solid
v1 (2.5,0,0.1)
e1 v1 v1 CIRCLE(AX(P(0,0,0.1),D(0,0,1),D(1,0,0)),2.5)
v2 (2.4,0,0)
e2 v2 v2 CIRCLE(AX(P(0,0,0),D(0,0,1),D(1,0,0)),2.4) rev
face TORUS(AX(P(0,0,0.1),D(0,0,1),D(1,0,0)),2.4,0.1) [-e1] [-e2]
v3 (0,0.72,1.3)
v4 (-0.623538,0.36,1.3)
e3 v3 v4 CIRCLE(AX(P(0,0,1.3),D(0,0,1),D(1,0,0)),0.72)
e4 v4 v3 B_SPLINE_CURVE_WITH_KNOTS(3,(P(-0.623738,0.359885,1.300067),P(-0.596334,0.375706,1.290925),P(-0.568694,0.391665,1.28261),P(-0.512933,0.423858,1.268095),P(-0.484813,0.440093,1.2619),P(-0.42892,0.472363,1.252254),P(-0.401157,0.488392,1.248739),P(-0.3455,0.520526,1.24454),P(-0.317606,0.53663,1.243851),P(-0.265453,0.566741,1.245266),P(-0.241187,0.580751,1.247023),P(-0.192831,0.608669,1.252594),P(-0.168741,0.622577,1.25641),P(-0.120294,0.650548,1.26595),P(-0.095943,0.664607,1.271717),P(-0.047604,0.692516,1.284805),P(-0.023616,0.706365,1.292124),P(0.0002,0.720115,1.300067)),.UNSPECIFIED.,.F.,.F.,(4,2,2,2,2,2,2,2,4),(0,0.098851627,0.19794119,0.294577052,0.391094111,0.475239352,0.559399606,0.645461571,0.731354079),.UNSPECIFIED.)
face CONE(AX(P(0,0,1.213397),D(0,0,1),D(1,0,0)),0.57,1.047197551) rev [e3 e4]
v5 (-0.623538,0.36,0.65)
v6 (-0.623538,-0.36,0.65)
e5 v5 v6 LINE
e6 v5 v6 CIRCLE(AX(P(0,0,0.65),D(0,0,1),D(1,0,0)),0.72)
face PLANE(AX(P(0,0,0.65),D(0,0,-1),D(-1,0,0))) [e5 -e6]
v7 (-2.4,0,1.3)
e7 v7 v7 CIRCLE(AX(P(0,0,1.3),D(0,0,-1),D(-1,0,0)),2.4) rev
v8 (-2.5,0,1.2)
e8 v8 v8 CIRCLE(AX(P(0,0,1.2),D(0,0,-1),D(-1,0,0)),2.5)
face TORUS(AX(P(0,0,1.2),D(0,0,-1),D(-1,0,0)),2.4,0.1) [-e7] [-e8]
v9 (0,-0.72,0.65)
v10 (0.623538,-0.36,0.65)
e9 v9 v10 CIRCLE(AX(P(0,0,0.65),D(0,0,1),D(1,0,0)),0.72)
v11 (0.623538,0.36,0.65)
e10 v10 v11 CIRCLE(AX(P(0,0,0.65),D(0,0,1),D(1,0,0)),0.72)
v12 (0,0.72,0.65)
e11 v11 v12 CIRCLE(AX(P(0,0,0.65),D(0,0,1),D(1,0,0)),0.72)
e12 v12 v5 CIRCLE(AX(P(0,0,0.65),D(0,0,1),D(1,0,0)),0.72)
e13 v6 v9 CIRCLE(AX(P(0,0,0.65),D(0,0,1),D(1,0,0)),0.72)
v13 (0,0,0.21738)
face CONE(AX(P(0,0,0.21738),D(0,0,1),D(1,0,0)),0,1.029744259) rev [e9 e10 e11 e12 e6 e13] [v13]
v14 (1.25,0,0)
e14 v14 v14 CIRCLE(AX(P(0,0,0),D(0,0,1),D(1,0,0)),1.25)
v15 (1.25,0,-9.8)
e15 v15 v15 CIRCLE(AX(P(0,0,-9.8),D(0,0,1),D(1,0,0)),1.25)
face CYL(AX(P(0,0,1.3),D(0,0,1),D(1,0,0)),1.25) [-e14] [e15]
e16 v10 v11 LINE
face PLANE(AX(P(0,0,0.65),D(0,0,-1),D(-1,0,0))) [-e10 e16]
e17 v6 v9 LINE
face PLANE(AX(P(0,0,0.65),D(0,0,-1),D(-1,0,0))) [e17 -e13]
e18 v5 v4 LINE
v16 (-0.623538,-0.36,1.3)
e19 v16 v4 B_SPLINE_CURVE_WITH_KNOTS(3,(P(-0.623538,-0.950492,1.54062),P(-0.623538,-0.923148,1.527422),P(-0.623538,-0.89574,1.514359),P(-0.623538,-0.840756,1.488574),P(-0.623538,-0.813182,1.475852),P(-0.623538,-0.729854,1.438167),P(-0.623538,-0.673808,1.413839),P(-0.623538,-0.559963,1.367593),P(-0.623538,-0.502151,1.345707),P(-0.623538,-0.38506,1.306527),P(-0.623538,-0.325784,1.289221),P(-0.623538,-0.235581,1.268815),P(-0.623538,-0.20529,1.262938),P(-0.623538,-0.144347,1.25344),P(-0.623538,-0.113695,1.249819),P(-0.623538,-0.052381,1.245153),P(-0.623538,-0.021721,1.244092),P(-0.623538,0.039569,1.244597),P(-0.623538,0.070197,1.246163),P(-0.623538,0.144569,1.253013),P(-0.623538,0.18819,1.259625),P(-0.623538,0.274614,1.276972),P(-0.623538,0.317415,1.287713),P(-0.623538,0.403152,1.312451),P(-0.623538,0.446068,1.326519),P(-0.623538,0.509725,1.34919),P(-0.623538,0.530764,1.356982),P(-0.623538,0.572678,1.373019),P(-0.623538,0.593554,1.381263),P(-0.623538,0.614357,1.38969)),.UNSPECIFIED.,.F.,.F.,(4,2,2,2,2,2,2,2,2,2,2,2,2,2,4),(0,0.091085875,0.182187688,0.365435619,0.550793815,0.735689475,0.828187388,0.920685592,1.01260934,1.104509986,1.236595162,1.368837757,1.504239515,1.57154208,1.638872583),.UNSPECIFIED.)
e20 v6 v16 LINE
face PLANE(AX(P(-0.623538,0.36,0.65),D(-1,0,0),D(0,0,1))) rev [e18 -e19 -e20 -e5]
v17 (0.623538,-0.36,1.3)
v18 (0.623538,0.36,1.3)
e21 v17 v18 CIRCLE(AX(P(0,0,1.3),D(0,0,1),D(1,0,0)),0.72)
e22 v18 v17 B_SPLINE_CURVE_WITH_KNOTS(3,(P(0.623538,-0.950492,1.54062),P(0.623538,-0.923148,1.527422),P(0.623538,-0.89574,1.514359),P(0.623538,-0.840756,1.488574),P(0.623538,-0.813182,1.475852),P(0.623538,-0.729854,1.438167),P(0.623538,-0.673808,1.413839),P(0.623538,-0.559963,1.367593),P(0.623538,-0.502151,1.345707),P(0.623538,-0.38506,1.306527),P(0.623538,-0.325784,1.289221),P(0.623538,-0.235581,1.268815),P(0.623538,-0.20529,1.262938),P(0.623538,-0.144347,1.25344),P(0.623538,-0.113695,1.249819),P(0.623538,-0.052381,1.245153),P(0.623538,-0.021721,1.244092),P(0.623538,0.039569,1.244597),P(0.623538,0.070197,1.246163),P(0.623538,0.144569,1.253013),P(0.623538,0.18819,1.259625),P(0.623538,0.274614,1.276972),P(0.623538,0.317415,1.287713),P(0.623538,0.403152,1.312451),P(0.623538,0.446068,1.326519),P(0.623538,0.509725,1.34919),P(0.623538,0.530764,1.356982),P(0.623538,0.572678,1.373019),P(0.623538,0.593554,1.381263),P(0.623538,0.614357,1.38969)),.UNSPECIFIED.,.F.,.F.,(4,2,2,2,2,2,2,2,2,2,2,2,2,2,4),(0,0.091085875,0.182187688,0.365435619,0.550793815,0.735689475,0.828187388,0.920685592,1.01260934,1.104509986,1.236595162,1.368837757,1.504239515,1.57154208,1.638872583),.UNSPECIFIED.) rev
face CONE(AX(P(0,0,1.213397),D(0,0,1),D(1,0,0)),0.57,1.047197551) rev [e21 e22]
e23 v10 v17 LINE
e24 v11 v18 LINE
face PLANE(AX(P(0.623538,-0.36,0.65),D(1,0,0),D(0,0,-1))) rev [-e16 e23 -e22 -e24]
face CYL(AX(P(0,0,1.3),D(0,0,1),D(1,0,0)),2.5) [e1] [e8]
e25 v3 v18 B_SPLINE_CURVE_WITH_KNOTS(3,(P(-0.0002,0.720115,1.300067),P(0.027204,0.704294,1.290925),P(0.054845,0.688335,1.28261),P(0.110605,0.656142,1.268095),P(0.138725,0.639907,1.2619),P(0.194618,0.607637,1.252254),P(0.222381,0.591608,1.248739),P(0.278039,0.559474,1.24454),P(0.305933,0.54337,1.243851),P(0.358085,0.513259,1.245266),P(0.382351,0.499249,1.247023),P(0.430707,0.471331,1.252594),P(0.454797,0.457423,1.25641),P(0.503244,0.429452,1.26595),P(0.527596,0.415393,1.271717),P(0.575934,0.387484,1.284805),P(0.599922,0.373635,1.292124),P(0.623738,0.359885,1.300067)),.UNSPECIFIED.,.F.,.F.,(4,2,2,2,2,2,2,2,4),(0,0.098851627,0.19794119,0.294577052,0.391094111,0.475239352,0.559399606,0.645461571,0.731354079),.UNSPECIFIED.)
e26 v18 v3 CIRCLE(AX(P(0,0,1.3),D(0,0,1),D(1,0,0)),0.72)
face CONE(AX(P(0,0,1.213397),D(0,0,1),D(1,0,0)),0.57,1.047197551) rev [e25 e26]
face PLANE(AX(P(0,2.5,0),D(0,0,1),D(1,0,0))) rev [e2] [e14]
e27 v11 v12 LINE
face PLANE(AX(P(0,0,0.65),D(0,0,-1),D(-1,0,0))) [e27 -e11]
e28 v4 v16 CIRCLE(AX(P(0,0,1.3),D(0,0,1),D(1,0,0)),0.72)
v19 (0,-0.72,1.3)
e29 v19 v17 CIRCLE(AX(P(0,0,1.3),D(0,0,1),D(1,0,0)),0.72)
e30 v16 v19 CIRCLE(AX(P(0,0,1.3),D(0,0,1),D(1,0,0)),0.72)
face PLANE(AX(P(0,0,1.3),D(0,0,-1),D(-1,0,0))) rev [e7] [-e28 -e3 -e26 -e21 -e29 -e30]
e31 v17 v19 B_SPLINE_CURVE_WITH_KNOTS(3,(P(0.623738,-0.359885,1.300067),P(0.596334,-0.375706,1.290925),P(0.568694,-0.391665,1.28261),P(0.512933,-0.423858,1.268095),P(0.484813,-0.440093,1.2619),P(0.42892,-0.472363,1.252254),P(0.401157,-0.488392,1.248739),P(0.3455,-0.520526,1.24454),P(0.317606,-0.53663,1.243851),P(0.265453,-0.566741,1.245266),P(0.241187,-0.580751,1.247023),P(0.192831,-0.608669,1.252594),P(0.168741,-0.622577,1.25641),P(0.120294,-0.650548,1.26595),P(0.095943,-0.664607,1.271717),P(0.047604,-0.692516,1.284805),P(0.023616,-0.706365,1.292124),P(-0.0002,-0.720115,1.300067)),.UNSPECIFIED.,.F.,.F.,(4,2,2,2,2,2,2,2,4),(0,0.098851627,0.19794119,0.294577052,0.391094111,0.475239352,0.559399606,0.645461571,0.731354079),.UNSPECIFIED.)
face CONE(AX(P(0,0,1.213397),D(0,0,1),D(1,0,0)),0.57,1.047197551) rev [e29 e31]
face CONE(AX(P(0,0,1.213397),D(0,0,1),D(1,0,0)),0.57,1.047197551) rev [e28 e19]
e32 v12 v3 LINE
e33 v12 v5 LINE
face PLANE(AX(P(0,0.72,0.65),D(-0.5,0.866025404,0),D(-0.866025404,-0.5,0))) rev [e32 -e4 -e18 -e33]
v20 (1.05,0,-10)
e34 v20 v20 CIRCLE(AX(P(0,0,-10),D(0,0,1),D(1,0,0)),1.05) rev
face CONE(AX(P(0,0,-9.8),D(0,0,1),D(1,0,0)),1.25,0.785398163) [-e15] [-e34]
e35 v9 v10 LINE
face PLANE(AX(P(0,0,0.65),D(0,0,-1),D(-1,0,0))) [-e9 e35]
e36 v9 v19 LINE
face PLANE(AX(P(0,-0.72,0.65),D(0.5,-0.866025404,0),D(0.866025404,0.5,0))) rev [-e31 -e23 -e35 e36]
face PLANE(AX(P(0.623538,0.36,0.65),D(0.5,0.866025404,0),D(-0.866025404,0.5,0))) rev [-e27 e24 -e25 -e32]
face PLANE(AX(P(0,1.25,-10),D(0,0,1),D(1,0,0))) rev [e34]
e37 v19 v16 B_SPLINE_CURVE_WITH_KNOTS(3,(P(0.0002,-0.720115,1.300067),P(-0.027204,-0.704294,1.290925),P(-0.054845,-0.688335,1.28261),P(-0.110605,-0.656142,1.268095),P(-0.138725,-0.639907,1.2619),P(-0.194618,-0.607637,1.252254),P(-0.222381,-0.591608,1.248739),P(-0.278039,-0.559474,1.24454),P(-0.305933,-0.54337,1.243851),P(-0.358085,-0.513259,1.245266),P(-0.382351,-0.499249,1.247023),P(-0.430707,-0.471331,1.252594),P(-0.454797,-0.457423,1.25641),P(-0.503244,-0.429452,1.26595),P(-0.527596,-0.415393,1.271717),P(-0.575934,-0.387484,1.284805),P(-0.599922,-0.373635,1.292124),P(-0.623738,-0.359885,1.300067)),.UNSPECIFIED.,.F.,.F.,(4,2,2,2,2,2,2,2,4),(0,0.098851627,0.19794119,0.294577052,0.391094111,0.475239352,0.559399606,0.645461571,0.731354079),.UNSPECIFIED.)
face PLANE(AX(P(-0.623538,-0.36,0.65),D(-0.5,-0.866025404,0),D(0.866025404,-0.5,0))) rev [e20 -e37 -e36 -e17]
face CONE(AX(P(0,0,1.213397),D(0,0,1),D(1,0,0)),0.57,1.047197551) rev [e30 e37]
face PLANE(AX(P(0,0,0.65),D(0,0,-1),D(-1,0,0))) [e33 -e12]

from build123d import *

# Parameters (mm, degrees)
CUT_EXTRUDE1_DEPTH = 0.65
FILLET1_R          = 0.1
CHAMFER1_SIZE      = 0.2


with BuildPart() as part:
    # Sketch2 → Revolve1 (revolve)
    with BuildSketch(Plane(origin=(0, 0, 0), x_dir=(0, 0, -1), z_dir=(1, 0, 0)), mode=Mode.PRIVATE) as revolve1_sk:
        Polygon((-1.3, 0), (-1.3, 2.5), (0, 2.5), (0, 1.25), (10, 1.25), (10, 0), align=None)
    revolve(revolve1_sk.sketch.rotate(Axis((0, 0, 1.3), (0, 0, -1)), 90), axis=Axis((0, 0, 1.3), (0, 0, -1)))

    # Sketch3 → Cut-Extrude1 (cut)
    with BuildSketch(Plane.XY.offset(1.3)):
        Polygon((0, 0.72), (-0.623538291, 0.36), (-0.623538291, -0.36), (0, -0.72), (0.623538291, -0.36), (0.623538291, 0.36), align=None)
    extrude(amount=-CUT_EXTRUDE1_DEPTH, mode=Mode.SUBTRACT)

    # Fillet1
    fillet1_edges = [part.edges().sort_by_distance(p)[0] for p in [
        (-2.5, 0, 0),
        (-2.5, 0, 1.3),
    ]]
    fillet(fillet1_edges, radius=FILLET1_R)

    # Chamfer1
    chamfer1_edges = [part.edges().sort_by_distance(p)[0] for p in [
        (-1.25, 0, -10),
    ]]
    chamfer(chamfer1_edges, length=CHAMFER1_SIZE)

    # Sketch4 → Cut-Revolve1 (revolve, cut)
    with BuildSketch(Plane(origin=(0, 0, 0), x_dir=(0, 0, -1), z_dir=(1, 0, 0)), mode=Mode.PRIVATE) as cut_revolve1_sk:
        Polygon((-0.65, 0.72), (-0.217380354, 0), (-0.65, 0), align=None)
        Polygon((-1.3, 0.72), (-1.3, 0.57), (-1.21339746, 0.57), align=None)
    revolve(cut_revolve1_sk.sketch.rotate(Axis((0, 0, 0), (0, 0, -1)), 270), axis=Axis((0, 0, 0), (0, 0, -1)), mode=Mode.SUBTRACT)


solid = part.part
